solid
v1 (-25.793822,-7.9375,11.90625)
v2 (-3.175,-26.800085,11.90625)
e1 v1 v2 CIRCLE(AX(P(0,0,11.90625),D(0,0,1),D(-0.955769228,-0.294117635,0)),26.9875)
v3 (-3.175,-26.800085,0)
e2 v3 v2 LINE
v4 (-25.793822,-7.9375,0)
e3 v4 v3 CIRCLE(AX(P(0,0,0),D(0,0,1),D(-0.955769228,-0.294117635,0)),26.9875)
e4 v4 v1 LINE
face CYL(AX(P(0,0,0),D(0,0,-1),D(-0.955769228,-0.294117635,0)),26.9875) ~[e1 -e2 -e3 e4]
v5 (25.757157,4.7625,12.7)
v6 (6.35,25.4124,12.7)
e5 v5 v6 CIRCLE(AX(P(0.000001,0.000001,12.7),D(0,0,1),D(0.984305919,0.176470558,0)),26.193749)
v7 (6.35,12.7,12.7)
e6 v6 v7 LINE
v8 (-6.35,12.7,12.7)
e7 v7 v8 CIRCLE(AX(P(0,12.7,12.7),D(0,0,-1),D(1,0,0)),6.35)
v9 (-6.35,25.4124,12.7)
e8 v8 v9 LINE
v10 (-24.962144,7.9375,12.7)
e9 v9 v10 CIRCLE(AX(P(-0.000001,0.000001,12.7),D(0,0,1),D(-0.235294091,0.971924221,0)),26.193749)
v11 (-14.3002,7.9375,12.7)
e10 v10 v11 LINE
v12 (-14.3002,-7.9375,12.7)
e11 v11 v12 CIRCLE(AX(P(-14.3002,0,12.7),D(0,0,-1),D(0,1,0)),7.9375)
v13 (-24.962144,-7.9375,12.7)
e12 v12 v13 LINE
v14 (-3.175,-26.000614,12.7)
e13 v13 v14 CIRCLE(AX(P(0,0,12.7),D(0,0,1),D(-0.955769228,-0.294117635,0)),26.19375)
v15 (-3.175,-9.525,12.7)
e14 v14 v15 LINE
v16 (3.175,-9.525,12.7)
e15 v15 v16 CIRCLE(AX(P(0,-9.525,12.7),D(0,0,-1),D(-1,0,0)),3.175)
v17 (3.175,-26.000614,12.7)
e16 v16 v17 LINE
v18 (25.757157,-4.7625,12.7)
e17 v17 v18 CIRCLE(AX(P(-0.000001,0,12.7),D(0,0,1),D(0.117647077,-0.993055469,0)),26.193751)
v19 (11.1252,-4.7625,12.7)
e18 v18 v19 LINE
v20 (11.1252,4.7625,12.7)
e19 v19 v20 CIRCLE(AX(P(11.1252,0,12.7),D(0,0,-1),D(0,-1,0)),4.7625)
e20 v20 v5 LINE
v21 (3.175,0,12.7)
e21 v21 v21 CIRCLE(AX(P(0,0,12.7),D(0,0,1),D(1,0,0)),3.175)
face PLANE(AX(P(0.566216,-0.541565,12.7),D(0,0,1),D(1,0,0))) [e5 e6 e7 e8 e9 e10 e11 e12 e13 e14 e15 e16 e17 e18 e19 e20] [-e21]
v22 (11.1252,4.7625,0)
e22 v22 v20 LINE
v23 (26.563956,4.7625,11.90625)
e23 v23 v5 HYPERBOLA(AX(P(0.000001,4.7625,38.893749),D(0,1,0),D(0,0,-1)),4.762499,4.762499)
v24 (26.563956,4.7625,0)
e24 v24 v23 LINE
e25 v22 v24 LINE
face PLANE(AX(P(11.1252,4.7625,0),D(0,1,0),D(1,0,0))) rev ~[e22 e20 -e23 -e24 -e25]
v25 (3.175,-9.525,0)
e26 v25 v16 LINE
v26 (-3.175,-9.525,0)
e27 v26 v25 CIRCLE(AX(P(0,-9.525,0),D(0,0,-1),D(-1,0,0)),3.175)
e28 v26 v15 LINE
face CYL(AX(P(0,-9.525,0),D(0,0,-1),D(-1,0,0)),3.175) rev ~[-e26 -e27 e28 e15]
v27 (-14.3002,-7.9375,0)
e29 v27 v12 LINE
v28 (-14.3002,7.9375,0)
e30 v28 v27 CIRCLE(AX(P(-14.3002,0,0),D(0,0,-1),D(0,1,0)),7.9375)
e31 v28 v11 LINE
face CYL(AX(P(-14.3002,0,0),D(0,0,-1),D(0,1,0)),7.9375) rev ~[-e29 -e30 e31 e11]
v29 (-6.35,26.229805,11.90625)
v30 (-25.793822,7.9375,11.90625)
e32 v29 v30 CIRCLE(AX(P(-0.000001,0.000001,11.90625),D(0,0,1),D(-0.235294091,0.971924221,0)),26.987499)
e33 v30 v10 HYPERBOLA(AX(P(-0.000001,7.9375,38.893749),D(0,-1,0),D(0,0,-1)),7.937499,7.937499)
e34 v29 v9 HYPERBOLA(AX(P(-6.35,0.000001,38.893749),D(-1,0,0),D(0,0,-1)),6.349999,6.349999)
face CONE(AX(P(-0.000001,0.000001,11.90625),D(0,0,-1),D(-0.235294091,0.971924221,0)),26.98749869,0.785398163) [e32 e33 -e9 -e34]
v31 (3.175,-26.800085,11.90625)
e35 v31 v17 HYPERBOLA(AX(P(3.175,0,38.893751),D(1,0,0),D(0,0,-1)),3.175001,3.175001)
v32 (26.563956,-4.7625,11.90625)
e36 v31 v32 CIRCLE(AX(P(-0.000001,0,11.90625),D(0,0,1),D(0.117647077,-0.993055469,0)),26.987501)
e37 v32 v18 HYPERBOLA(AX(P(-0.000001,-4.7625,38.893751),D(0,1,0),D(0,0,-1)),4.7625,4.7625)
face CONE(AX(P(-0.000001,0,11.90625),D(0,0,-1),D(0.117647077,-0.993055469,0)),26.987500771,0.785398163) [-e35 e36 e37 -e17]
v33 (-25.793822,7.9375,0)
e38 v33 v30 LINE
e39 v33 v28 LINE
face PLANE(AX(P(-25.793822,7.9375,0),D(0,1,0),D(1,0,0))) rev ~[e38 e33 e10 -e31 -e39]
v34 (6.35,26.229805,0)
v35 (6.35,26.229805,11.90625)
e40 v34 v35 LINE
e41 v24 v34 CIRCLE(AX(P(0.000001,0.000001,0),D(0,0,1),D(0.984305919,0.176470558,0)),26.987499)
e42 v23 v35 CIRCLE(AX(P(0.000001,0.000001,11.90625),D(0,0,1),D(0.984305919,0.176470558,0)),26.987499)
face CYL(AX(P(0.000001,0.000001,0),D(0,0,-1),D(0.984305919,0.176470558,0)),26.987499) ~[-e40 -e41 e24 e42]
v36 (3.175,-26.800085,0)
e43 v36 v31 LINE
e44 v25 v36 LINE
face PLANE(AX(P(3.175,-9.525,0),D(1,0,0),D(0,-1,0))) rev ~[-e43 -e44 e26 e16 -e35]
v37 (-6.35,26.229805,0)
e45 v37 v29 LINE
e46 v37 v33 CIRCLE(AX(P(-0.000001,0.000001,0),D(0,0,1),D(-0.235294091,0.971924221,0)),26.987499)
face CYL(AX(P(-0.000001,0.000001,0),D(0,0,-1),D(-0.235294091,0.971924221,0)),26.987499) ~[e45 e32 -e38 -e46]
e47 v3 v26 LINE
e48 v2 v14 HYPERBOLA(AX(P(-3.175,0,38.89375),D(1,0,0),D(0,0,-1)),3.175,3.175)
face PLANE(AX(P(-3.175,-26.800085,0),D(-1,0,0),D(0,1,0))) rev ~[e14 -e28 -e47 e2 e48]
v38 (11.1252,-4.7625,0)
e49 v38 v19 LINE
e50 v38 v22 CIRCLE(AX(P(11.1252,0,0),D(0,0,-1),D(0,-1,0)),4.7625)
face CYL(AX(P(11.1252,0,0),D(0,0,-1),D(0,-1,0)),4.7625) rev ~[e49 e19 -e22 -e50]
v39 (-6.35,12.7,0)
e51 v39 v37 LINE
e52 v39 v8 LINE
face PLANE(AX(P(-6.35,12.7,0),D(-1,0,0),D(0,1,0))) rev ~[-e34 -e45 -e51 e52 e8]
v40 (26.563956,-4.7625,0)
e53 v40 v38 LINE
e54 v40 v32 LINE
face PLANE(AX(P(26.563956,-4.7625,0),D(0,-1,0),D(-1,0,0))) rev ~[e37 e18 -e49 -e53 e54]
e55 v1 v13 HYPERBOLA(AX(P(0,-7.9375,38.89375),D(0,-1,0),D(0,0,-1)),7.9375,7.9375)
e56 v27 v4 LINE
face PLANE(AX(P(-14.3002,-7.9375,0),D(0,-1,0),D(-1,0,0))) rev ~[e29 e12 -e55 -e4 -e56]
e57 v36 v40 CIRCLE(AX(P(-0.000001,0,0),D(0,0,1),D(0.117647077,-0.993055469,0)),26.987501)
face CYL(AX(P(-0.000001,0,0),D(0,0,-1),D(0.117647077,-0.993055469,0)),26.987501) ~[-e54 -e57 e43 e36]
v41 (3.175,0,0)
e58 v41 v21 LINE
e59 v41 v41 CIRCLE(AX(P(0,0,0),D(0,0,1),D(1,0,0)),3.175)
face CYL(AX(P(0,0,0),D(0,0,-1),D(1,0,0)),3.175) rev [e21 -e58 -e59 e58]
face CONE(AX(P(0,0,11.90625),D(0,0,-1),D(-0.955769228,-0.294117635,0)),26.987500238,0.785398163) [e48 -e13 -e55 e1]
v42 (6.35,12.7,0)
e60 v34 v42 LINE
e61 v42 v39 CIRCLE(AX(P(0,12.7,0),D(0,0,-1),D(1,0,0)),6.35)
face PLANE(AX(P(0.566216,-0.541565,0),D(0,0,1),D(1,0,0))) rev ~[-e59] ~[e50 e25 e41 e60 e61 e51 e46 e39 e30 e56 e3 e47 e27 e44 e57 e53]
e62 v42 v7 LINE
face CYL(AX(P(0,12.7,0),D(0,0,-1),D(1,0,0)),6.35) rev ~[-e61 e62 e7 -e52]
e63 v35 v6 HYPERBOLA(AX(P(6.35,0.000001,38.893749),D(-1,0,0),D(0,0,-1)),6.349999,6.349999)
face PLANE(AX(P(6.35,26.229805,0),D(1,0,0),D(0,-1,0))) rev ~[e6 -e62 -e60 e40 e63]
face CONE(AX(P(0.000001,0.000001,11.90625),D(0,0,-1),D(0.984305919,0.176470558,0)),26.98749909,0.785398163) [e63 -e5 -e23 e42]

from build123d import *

# Parameters (mm, degrees)
F0_R     = 3.175
F1_DEPTH = 12.7
F2_SIZE  = 0.79375


with BuildPart() as f1:
    # F0 (on Top) → F1 (new body)
    with BuildSketch(Plane.XY):
        with BuildLine():
            Line((-6.35, 12.7), (-6.35, 26.229805))
            ThreePointArc((-6.35, 26.229805), (-18.492118, 19.656214), (-25.793822, 7.9375))
            Line((-25.793822, 7.9375), (-14.3002, 7.9375))
            ThreePointArc((-14.3002, 7.9375), (-6.3627, 0), (-14.3002, -7.9375))
            Line((-14.3002, -7.9375), (-25.793822, -7.9375))
            ThreePointArc((-25.793822, -7.9375), (-17.284312, -20.726257), (-3.175, -26.800085))
            Line((-3.175, -26.800085), (-3.175, -9.525))
            ThreePointArc((-3.175, -9.525), (0, -6.35), (3.175, -9.525))
            Line((3.175, -9.525), (3.175, -26.800085))
            ThreePointArc((3.175, -26.800085), (18.507165, -19.642047), (26.563956, -4.7625))
            Line((26.563956, -4.7625), (11.1252, -4.7625))
            ThreePointArc((11.1252, -4.7625), (6.3627, 0), (11.1252, 4.7625))
            Line((11.1252, 4.7625), (26.563956, 4.7625))
            ThreePointArc((26.563956, 4.7625), (19.647988, 18.500858), (6.35, 26.229805))
            Line((6.35, 26.229805), (6.35, 12.7))
            ThreePointArc((6.35, 12.7), (0, 6.35), (-6.35, 12.7))
        make_face()
        Circle(F0_R, mode=Mode.SUBTRACT)
    extrude(amount=F1_DEPTH)

    # F2
    f2_edges = [f1.edges().sort_by_distance(p)[0] for p in [
        (-17.284312, -20.726257, 12.7),
        (18.507165, -19.642047, 12.7),
        (19.647988, 18.500858, 12.7),
        (-18.492118, 19.656214, 12.7),
    ]]
    chamfer(f2_edges, length=F2_SIZE)


solid = f1.part
